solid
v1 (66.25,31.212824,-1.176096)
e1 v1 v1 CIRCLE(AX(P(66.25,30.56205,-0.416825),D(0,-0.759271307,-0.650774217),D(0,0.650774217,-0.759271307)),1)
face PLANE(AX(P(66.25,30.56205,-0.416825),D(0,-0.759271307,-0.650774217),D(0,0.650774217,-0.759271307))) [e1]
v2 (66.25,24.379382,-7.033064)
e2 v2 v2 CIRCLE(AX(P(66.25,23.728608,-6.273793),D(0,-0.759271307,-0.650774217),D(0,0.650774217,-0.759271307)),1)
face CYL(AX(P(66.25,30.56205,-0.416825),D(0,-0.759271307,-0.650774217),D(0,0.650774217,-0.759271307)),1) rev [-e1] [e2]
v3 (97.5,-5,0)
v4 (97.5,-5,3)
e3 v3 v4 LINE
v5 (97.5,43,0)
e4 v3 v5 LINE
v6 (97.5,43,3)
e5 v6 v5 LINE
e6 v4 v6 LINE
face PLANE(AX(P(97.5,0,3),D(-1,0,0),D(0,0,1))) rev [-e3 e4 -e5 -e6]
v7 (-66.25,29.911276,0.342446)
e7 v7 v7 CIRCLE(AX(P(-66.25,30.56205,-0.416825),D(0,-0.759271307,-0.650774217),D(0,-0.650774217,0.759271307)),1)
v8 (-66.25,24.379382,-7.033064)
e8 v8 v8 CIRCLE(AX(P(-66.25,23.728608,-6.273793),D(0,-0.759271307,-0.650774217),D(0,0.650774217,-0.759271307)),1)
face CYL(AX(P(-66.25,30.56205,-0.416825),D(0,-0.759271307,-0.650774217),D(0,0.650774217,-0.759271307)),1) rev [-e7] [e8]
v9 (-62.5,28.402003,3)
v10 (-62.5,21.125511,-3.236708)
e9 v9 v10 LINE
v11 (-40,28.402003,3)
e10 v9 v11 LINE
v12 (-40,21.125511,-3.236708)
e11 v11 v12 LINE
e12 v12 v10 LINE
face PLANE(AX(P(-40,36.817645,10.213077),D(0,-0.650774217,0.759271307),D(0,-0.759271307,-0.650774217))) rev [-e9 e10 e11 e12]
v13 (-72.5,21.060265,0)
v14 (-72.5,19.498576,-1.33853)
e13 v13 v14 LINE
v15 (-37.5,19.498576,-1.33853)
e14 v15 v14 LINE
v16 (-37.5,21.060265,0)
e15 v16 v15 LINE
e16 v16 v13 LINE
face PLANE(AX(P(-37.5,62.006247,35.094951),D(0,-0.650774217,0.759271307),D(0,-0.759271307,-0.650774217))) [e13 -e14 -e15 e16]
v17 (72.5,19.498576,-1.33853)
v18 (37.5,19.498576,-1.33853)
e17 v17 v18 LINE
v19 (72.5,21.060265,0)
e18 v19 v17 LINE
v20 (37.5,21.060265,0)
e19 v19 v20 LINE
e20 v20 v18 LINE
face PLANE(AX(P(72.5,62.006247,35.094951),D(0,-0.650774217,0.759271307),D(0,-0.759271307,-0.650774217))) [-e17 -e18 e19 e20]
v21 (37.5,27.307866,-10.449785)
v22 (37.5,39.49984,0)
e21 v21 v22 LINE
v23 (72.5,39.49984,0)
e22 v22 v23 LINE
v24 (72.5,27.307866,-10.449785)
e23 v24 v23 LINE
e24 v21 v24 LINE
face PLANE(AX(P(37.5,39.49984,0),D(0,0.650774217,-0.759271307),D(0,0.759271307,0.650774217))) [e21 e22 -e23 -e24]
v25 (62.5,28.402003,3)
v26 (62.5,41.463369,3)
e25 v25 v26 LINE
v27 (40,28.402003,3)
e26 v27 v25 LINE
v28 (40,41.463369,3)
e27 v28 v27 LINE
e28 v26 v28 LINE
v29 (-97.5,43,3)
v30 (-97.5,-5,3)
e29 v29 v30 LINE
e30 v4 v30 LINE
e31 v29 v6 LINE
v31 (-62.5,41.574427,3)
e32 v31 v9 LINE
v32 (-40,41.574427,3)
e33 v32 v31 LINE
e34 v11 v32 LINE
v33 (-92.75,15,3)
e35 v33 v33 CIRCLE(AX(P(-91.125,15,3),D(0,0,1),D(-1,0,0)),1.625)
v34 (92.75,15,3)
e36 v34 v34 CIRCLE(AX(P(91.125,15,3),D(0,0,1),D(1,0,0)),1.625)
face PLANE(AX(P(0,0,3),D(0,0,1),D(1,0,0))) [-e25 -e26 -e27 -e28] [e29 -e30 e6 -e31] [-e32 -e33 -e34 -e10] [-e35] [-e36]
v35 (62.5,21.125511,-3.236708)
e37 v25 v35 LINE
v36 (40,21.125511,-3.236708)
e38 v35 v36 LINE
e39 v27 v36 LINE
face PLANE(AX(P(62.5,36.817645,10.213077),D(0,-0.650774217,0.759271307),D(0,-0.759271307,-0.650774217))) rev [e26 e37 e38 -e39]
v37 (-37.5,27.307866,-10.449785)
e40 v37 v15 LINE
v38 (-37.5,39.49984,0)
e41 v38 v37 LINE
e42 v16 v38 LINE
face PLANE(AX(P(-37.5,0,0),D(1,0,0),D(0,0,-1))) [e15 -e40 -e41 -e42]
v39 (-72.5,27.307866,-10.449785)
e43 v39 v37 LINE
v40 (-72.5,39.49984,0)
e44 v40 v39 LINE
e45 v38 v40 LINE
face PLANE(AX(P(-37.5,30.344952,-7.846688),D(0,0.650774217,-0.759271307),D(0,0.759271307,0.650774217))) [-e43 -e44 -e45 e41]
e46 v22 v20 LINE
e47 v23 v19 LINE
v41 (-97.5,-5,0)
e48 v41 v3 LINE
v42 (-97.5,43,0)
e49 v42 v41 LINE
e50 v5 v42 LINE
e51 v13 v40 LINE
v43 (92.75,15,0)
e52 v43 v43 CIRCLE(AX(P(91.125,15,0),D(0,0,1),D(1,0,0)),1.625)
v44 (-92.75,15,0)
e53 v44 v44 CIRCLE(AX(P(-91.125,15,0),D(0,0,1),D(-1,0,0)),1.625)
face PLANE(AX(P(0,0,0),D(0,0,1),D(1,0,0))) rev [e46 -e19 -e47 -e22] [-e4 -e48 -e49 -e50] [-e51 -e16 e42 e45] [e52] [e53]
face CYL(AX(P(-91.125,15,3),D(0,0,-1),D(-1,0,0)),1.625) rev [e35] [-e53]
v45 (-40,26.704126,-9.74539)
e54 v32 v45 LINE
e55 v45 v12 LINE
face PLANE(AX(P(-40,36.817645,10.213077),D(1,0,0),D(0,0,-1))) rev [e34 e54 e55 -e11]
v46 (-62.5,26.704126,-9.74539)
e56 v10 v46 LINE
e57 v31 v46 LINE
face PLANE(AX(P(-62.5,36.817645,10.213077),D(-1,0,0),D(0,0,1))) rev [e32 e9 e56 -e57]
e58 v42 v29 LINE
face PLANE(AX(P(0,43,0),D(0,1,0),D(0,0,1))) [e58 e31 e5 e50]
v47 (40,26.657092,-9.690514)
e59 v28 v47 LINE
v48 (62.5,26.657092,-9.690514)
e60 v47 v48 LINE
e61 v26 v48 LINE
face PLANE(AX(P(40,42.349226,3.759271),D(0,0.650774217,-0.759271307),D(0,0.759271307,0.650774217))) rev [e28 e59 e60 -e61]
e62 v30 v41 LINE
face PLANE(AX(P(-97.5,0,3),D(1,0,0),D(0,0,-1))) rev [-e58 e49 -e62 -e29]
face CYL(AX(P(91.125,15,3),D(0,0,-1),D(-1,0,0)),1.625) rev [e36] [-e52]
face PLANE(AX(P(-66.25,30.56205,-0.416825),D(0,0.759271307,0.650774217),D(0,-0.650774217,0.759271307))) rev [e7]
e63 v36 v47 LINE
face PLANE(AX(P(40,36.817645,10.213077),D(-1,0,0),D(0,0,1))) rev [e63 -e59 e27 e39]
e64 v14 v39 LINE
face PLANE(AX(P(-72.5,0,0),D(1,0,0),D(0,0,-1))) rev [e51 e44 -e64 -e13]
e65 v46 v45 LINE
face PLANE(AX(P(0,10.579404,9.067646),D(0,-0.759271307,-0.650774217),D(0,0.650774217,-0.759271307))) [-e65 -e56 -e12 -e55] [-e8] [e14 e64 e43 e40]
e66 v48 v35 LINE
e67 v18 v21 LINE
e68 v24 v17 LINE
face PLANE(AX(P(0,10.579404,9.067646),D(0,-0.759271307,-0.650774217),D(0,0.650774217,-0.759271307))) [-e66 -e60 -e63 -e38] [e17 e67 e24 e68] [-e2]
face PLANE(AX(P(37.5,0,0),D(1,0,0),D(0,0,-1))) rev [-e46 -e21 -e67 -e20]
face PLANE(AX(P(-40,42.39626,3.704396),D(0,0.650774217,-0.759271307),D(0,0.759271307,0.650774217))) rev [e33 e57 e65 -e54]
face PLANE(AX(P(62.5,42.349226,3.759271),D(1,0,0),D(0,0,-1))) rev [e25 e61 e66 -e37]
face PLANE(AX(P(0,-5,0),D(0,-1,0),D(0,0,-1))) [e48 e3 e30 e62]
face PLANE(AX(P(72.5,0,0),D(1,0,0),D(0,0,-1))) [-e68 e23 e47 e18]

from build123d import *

# Parameters (mm, degrees)
CROQUIS1_W                 = 195
CROQUIS1_H                 = 38
CROQUIS1_R                 = 1.625
SALIENTE_EXTRUIR1_DEPTH    = 3
CROQUIS8_W                 = 195
CROQUIS8_H                 = 3
SALIENTE_EXTRUIR5_DEPTH    = 5
CROQUIS9_W                 = 195
CROQUIS9_H                 = 3
SALIENTE_EXTRUIR6_DEPTH    = 5
SALIENTE_EXTRUIR7_START    = -25
SALIENTE_EXTRUIR7_DEPTH    = 35
CROQUIS11_W                = 22.5
CROQUIS11_H                = 8.5
CORTAR_EXTRUIR4_DEPTH      = 24.953943013
CORTAR_EXTRUIR4_DEPTH_BACK = 22.667360251
CORTAR_EXTRUIR5_REACH      = 172
CROQUIS13_R                = 1
CORTAR_EXTRUIR6_DEPTH      = 5
SALIENTE_EXTRUIR8_START    = -25
SALIENTE_EXTRUIR8_DEPTH    = 35
CROQUIS16_W                = 22.5
CROQUIS16_H                = 8.572274099
CORTAR_EXTRUIR7_DEPTH      = 27.836407603
CORTAR_EXTRUIR7_DEPTH_BACK = 17.667360251
CROQUIS17_R                = 1
CORTAR_EXTRUIR8_DEPTH      = 5
CROQUIS18_W                = 35
CROQUIS18_H                = 12
CROQUIS18_R                = 1
CROQUIS18_W_2              = 22.5
CROQUIS18_H_2              = 8.572274099
CROQUIS18_H_3              = 8.5
SALIENTE_EXTRUIR9_DEPTH    = 4


with BuildPart() as part:
    # Croquis1 → Saliente-Extruir1 (new body)
    with BuildSketch(Plane.XY):
        with Locations((0, 19)):
            Rectangle(CROQUIS1_W, CROQUIS1_H)
        with Locations((91.125, 15)):
            Circle(CROQUIS1_R, mode=Mode.SUBTRACT)
        with Locations((-91.125, 15)):
            Circle(CROQUIS1_R, mode=Mode.SUBTRACT)
    extrude(amount=SALIENTE_EXTRUIR1_DEPTH)

    # Croquis8 → Saliente-Extruir5 (add)
    with BuildSketch(Plane.XZ):
        with Locations((0, 1.5)):
            Rectangle(CROQUIS8_W, CROQUIS8_H)
    extrude(amount=SALIENTE_EXTRUIR5_DEPTH)

    # Croquis9 → Saliente-Extruir6 (add)
    with BuildSketch(Plane(origin=(0, 38, 0), x_dir=(1, 0, 0), z_dir=(0, 1, 0))):
        with Locations((0, -1.5)):
            Rectangle(CROQUIS9_W, CROQUIS9_H)
    extrude(amount=SALIENTE_EXTRUIR6_DEPTH)

    # Croquis10 → Saliente-Extruir7 (add)
    with BuildSketch(Plane(origin=(97.5, 0, 0), x_dir=(0, 0, -1), z_dir=(1, 0, 0)).offset(SALIENTE_EXTRUIR7_START)):
        Polygon((0, 39.499839942), (11.100559408, 26.548595056), (1.230032412, 18.088530231), (0, 17.034264947), align=None)
    extrude(amount=-SALIENTE_EXTRUIR7_DEPTH)

    # Croquis11 → Cortar-Extruir4 (cut, two sides)
    with BuildSketch(Plane(origin=(0, 9.820133108, 8.416872039), x_dir=(1, 0, 0), z_dir=(0, -0.759271307, -0.650774217))) as cortar_extruir4_sk:
        with Locations((51.25, -20.45547742)):
            Rectangle(CROQUIS11_W, CROQUIS11_H)
    extrude(amount=CORTAR_EXTRUIR4_DEPTH, mode=Mode.SUBTRACT)
    extrude(cortar_extruir4_sk.sketch, amount=-CORTAR_EXTRUIR4_DEPTH_BACK, mode=Mode.SUBTRACT)

    # Croquis12 → Cortar-Extruir5 (cut, up to next)
    with BuildSketch(Plane(origin=(72.5, 0, 0), x_dir=(0, 0, -1), z_dir=(1, 0, 0)), mode=Mode.PRIVATE) as cortar_extruir5_sk1:
        Polygon((11.100559408, 26.548595056), (0, 17.034264947), (0, 23.619526305), (7.846688321, 30.344951592), align=None)
    cortar_extruir5_tool1 = extrude(cortar_extruir5_sk1.sketch, amount=-CORTAR_EXTRUIR5_REACH, mode=Mode.PRIVATE) & part.part
    add(cortar_extruir5_tool1.solids().sort_by_distance((72.5, 24.238262, -4.783378))[0], mode=Mode.SUBTRACT)

    # Croquis13 → Cortar-Extruir6 (cut)
    with BuildSketch(Plane(origin=(0, 13.616489645, 11.670743125), x_dir=(1, 0, 0), z_dir=(0, -0.759271307, -0.650774217))):
        with Locations((66.25, -20.20547742)):
            Circle(CROQUIS13_R)
    extrude(amount=-CORTAR_EXTRUIR6_DEPTH, mode=Mode.SUBTRACT)

    # Croquis14 → Saliente-Extruir8 (add)
    with BuildSketch(Plane.ZY.offset(97.5).offset(SALIENTE_EXTRUIR8_START)):
        Polygon((0, 23.619526305), (-7.846688321, 30.344951592), (0, 39.499839942), align=None)
    extrude(amount=-SALIENTE_EXTRUIR8_DEPTH)

    # Croquis16 → Cortar-Extruir7 (cut, two sides)
    with BuildSketch(Plane(origin=(0, 13.616489645, 11.670743125), x_dir=(1, 0, 0), z_dir=(0, -0.759271307, -0.650774217))) as cortar_extruir7_sk:
        with Locations((-51.25, -20.491614469)):
            Rectangle(CROQUIS16_W, CROQUIS16_H)
    extrude(amount=CORTAR_EXTRUIR7_DEPTH, mode=Mode.SUBTRACT)
    extrude(cortar_extruir7_sk.sketch, amount=-CORTAR_EXTRUIR7_DEPTH_BACK, mode=Mode.SUBTRACT)

    # Croquis17 → Cortar-Extruir8 (cut)
    with BuildSketch(Plane(origin=(0, 13.616489645, 11.670743125), x_dir=(1, 0, 0), z_dir=(0, -0.759271307, -0.650774217))):
        with Locations((-66.25, -20.20547742)):
            Circle(CROQUIS17_R)
    extrude(amount=-CORTAR_EXTRUIR8_DEPTH, mode=Mode.SUBTRACT)

    # Croquis18 → Saliente-Extruir9 (add)
    with BuildSketch(Plane(origin=(0, 13.616489645, 11.670743125), x_dir=(1, 0, 0), z_dir=(0, -0.759271307, -0.650774217))):
        with Locations((-55, -19.70547742)):
            Rectangle(CROQUIS18_W, CROQUIS18_H)
        with Locations((-66.25, -20.20547742)):
            Circle(CROQUIS18_R, mode=Mode.SUBTRACT)
        with Locations((-51.25, -20.491614469)):
            Rectangle(CROQUIS18_W_2, CROQUIS18_H_2, mode=Mode.SUBTRACT)
        with Locations((55, -19.70547742)):
            Rectangle(CROQUIS18_W, CROQUIS18_H)
        with Locations((66.25, -20.20547742)):
            Circle(CROQUIS18_R, mode=Mode.SUBTRACT)
        with Locations((51.25, -20.45547742)):
            Rectangle(CROQUIS18_W_2, CROQUIS18_H_3, mode=Mode.SUBTRACT)
    extrude(amount=SALIENTE_EXTRUIR9_DEPTH)


solid = part.part
